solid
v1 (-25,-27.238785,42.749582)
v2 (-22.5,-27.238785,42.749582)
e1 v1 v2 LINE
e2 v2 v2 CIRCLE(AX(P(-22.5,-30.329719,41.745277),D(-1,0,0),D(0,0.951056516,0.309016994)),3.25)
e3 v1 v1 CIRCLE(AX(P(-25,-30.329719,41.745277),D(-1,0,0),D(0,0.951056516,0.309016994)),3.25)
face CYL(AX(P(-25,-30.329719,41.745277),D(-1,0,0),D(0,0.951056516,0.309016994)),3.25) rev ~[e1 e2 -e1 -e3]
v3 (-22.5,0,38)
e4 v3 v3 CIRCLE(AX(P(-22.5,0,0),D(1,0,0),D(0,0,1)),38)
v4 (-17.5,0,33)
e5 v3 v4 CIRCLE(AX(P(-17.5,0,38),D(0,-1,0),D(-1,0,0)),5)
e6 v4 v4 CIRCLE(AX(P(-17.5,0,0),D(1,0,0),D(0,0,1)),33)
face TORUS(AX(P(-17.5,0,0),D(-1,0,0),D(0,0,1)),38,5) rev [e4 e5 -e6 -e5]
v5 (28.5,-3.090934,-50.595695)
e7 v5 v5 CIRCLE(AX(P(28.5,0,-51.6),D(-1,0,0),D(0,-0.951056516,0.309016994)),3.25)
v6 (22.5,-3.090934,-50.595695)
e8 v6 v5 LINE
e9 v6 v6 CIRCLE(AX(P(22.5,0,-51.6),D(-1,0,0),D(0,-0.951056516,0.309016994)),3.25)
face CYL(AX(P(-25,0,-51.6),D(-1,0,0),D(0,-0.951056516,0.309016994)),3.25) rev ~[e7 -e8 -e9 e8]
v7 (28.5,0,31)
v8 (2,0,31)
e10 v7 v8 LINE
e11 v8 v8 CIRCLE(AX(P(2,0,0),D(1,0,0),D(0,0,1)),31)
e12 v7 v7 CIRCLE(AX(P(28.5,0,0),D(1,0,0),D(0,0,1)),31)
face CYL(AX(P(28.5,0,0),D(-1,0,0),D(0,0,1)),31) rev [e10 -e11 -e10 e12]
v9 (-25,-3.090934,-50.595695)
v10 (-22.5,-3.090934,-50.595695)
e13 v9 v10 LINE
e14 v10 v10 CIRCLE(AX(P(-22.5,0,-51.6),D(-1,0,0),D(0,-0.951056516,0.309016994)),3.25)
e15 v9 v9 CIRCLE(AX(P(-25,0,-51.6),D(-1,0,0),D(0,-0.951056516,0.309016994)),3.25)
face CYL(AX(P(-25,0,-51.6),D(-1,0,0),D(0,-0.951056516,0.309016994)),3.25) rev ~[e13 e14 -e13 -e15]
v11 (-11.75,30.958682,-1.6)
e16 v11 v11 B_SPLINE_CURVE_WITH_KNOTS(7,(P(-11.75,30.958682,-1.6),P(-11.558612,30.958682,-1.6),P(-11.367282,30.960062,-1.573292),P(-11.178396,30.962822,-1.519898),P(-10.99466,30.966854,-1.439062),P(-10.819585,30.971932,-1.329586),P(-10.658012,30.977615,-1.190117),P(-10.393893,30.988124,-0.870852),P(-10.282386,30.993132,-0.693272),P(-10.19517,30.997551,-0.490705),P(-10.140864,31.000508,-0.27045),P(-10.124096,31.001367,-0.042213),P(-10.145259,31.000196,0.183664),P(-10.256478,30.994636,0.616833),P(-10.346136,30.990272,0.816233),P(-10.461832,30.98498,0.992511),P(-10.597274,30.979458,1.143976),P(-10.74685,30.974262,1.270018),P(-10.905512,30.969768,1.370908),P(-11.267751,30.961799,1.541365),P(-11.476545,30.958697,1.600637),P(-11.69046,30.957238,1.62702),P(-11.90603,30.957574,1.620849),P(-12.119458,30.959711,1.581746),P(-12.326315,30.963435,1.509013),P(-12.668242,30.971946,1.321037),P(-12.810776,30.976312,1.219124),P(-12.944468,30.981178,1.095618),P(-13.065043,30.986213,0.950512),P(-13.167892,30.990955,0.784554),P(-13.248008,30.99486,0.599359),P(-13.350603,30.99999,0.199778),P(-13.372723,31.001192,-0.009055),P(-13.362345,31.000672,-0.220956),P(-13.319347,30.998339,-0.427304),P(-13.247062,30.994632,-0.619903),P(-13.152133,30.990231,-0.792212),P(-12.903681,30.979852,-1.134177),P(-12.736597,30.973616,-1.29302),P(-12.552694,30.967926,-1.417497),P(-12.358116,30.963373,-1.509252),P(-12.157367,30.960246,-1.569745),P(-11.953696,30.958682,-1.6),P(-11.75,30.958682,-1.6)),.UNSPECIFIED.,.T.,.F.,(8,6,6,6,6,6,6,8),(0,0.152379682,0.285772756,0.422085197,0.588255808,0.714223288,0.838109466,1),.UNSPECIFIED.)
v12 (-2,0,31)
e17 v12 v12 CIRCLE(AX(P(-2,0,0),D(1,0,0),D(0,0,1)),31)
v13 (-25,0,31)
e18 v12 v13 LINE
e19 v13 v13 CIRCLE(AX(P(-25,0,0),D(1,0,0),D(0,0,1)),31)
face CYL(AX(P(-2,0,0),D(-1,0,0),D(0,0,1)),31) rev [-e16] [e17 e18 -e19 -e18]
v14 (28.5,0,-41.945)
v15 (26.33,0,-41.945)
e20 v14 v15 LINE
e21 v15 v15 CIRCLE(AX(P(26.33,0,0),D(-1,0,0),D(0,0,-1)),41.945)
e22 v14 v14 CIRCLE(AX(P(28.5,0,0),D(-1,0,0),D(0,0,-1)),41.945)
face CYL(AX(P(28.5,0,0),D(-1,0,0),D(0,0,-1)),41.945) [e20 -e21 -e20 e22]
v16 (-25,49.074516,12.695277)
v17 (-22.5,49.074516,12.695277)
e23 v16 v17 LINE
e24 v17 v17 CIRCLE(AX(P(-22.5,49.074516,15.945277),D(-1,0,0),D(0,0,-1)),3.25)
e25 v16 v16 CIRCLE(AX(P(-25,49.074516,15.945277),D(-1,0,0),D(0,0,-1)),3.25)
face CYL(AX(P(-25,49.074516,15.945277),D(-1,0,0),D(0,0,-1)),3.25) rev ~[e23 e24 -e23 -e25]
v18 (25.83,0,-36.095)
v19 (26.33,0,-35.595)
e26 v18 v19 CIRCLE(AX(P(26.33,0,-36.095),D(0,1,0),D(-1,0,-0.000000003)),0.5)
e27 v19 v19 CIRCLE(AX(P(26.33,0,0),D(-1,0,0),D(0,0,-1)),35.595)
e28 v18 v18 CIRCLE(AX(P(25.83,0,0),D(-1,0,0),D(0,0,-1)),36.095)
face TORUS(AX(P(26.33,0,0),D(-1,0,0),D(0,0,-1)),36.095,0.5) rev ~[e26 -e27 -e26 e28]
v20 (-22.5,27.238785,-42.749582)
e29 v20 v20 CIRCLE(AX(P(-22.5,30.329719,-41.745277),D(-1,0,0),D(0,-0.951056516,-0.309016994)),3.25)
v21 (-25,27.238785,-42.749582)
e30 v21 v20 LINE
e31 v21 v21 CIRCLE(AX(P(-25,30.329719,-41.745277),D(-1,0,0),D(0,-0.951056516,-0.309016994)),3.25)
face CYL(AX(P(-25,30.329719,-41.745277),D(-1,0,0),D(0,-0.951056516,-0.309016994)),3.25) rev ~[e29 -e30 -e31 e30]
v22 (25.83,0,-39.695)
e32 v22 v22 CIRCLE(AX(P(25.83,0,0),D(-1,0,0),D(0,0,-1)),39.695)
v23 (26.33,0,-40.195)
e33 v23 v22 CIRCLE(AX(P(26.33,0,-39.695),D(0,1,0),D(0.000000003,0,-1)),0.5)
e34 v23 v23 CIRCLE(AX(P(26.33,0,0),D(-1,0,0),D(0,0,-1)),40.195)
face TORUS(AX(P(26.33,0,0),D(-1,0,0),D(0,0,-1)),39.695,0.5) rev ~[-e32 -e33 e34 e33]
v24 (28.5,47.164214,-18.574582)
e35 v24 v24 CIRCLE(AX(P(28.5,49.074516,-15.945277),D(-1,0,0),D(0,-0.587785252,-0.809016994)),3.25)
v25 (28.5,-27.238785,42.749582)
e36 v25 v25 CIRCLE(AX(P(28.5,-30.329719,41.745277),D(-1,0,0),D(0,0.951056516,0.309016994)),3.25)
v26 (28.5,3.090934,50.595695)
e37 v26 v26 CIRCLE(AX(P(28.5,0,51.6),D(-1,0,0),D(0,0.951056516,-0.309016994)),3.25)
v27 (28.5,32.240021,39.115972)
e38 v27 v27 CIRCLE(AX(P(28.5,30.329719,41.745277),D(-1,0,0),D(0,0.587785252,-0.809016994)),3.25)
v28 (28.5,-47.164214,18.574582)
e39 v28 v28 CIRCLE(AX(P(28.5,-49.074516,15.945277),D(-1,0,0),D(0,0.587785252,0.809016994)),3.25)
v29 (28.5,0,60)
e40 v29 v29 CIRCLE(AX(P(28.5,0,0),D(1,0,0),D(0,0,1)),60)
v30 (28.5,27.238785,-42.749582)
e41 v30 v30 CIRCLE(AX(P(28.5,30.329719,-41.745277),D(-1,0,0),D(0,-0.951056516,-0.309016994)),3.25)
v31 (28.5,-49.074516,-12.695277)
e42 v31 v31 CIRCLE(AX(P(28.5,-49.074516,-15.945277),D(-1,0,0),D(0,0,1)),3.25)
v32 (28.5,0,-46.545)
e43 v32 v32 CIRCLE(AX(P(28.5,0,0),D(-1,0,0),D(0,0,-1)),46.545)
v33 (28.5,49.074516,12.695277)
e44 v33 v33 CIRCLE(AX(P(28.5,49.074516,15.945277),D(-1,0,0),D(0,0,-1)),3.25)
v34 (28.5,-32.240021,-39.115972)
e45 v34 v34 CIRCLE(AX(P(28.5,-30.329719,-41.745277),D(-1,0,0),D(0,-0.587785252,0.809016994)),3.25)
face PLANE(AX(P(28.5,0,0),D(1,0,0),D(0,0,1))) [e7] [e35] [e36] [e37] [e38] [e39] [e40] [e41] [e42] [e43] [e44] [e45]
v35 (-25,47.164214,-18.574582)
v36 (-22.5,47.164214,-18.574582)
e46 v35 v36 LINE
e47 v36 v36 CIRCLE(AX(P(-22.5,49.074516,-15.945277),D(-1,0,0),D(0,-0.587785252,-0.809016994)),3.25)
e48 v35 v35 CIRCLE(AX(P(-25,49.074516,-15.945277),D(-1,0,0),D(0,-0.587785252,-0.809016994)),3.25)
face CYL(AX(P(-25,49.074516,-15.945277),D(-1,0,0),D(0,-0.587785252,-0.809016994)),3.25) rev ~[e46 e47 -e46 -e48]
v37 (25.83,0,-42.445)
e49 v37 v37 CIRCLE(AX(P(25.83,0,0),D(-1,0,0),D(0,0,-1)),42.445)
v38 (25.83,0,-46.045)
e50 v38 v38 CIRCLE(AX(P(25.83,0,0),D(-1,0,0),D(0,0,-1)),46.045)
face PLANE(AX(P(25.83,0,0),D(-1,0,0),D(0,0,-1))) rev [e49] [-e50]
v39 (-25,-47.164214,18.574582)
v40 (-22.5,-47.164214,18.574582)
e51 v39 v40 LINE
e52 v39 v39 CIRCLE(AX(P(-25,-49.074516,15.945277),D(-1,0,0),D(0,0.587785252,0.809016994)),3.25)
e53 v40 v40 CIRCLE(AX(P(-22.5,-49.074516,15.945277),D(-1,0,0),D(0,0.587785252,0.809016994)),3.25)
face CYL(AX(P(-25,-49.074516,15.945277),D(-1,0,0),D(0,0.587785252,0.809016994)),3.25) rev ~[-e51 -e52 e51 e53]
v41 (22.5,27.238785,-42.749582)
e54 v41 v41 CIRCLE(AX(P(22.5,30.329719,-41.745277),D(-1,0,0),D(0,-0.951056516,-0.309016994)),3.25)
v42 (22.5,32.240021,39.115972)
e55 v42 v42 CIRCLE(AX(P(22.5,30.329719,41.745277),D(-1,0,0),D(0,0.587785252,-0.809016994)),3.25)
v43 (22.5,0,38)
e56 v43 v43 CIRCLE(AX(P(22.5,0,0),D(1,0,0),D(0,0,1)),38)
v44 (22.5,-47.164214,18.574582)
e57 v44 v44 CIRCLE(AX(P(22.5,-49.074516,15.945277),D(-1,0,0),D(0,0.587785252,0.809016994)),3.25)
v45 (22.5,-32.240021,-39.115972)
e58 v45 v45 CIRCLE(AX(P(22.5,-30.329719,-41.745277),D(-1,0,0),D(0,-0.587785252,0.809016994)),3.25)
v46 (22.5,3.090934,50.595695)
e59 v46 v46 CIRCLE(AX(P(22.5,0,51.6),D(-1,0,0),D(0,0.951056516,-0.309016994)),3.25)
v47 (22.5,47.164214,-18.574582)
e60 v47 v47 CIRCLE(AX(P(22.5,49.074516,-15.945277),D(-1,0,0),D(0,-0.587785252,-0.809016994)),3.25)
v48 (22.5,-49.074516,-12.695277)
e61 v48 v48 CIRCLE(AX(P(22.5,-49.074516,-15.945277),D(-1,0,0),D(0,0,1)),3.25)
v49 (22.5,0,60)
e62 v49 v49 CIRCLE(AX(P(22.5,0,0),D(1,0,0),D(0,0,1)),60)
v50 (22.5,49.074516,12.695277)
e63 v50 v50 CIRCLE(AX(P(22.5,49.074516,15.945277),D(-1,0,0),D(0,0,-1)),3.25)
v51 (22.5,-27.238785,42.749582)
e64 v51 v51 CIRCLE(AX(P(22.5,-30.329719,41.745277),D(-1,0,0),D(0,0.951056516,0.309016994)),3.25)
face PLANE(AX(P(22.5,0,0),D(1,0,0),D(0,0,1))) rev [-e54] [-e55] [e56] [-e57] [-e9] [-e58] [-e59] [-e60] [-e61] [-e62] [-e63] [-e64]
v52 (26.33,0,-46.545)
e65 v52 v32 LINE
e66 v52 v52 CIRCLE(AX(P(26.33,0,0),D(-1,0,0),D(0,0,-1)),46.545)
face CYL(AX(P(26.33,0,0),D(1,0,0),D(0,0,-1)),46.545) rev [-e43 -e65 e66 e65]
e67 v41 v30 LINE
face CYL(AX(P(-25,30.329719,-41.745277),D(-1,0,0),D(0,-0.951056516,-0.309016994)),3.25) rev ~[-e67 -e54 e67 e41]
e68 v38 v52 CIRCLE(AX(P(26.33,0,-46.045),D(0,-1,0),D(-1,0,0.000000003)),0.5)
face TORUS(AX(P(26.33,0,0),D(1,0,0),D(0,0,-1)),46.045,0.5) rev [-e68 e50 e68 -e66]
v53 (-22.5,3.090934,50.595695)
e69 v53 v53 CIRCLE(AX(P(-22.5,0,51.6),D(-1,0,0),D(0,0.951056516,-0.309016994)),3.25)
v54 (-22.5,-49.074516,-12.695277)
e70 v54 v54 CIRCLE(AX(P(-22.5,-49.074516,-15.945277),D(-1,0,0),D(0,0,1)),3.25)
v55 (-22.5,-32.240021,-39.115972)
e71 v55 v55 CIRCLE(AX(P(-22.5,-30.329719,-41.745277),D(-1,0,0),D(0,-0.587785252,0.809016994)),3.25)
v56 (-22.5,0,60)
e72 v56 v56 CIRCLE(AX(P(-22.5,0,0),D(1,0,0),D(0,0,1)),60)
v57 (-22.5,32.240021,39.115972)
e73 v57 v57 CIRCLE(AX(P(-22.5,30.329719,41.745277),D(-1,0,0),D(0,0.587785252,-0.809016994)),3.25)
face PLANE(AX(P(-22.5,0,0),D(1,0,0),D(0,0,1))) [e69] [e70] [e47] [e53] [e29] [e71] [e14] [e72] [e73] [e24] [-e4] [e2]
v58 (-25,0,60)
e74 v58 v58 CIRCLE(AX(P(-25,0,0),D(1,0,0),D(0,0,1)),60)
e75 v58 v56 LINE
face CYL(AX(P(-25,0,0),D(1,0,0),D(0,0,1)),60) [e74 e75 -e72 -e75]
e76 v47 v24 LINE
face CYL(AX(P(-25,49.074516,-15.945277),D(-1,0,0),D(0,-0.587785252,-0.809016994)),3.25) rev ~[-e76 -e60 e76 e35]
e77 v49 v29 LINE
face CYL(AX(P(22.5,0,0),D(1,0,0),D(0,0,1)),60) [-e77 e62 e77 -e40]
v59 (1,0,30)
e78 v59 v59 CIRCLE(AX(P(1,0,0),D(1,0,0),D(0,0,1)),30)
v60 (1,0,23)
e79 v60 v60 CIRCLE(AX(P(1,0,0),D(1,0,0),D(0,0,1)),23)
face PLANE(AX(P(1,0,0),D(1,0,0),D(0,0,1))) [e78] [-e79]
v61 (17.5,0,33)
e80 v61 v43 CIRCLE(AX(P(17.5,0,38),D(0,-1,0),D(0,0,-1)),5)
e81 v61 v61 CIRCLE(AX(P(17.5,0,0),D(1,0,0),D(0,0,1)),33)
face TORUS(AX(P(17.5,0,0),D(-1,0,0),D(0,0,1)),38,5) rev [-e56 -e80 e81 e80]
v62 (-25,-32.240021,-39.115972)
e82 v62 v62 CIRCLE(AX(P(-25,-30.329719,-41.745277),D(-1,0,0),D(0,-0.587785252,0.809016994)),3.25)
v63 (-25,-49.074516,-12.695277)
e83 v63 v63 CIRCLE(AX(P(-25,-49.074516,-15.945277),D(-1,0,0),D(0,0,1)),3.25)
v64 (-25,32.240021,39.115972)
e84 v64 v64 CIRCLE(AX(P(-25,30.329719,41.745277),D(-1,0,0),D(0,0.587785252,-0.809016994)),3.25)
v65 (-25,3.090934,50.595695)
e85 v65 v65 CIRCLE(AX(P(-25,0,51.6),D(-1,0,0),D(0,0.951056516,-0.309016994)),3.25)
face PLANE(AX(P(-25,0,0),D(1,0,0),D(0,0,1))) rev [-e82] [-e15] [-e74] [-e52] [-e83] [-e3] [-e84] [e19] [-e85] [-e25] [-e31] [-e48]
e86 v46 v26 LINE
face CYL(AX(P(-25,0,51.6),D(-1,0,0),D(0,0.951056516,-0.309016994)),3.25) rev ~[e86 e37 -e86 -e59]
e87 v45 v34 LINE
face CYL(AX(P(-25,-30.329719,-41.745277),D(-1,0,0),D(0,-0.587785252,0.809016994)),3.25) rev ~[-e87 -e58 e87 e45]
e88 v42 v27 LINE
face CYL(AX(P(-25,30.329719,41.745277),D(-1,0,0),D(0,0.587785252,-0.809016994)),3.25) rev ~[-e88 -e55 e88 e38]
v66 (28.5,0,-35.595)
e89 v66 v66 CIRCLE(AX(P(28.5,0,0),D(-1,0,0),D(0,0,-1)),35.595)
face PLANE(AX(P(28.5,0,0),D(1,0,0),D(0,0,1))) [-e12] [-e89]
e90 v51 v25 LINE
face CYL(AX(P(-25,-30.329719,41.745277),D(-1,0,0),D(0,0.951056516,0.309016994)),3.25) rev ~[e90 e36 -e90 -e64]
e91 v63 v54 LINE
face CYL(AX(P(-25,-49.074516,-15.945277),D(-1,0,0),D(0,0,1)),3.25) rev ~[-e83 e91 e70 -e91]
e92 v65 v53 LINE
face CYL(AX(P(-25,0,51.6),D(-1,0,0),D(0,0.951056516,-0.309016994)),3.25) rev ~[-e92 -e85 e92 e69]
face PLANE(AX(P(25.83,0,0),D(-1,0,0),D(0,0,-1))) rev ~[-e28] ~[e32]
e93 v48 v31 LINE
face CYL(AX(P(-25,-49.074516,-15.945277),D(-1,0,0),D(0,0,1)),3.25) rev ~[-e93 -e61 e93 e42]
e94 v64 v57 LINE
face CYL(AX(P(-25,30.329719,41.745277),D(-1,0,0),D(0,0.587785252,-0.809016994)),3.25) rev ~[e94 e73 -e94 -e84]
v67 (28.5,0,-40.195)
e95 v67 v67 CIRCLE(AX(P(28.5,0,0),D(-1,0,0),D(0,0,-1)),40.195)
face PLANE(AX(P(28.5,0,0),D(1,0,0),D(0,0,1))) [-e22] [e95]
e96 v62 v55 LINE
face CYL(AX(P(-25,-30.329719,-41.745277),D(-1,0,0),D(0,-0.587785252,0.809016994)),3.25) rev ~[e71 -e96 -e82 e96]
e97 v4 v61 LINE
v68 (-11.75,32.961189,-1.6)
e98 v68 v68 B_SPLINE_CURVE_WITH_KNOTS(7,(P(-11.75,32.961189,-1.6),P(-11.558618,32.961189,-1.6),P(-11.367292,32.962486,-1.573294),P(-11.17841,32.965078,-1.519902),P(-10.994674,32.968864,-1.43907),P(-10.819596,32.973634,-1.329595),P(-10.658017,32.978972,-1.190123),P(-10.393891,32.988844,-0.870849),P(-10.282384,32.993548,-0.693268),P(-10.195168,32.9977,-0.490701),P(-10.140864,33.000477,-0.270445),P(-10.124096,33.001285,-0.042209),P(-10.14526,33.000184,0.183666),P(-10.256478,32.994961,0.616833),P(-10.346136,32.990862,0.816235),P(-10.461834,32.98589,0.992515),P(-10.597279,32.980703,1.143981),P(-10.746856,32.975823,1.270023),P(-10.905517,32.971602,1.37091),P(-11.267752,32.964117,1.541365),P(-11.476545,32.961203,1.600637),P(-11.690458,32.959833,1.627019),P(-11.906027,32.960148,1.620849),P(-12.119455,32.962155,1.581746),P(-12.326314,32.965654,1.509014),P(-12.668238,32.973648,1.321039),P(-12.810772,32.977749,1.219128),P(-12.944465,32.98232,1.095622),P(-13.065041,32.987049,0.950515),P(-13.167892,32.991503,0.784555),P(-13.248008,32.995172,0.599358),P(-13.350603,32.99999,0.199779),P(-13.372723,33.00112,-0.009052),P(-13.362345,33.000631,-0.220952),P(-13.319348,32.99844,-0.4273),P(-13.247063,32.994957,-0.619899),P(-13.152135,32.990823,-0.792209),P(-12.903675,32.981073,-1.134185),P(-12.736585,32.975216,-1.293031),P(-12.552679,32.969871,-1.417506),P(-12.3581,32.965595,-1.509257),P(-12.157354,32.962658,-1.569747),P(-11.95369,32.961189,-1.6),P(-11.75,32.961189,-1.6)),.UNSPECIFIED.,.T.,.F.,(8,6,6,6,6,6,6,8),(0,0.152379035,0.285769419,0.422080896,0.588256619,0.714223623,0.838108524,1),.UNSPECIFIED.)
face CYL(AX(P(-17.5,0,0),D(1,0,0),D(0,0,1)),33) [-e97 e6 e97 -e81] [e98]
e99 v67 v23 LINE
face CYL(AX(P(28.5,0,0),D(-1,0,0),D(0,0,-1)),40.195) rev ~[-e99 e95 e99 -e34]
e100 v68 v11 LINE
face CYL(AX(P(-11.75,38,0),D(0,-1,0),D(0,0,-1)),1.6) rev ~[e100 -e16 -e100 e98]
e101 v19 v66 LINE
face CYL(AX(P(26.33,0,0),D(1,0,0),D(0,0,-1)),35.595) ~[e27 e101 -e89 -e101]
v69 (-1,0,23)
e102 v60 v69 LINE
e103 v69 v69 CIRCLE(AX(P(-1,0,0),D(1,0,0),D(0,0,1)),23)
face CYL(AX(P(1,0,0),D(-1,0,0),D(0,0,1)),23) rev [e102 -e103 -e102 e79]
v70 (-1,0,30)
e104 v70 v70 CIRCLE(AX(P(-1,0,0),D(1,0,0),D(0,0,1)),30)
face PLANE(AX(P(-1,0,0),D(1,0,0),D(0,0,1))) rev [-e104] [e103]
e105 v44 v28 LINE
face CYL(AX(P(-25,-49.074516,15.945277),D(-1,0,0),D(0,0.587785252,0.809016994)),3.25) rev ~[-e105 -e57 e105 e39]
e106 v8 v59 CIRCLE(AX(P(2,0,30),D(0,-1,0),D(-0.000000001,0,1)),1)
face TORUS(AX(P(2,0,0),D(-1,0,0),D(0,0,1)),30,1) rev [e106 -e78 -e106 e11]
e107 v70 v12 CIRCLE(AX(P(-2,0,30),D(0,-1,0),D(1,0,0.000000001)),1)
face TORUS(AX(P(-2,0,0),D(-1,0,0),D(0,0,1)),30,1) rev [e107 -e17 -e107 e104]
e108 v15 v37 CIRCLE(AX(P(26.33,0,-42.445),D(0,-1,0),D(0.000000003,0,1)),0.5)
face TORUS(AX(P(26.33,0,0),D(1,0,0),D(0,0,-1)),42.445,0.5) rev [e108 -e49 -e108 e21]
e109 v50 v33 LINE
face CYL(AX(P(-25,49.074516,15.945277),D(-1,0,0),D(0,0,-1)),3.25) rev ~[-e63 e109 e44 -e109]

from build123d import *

# Parameters (mm, degrees)
SKETCH3_R                      = 3.25
CUT_EXTRUDE3_DEPTH             = 101.310767119
CIRPATTERN1_COUNT              = 10
F_3_2_3_2_DIAMETER_HOLE1_D     = 3.2
F_3_2_3_2_DIAMETER_HOLE1_DEPTH = 5
F_3_2_3_2_DIAMETER_HOLE1_TIP   = 0.96137699


with BuildPart() as part:
    # Sketch1 → Revolve9 (revolve)
    with BuildSketch(Plane.XY, mode=Mode.PRIVATE) as revolve9_sk:
        with BuildLine():
            Line((-1, -23), (-1, -30))
            ThreePointArc((-1, -30), (-1.292893219, -30.707106781), (-2, -31))
            Line((-2, -31), (-25, -31))
            Line((-25, -31), (-25, -60))
            Line((-25, -60), (-22.5, -60))
            Line((-22.5, -60), (-22.5, -38))
            ThreePointArc((-22.5, -38), (-21.035533906, -34.464466094), (-17.5, -33))
            Line((-17.5, -33), (17.5, -33))
            ThreePointArc((17.5, -33), (21.035533906, -34.464466094), (22.5, -38))
            Line((22.5, -38), (22.5, -60))
            Line((22.5, -60), (25, -60))
            Line((25, -60), (28.5, -60))
            Line((28.5, -60), (28.5, -31))
            Line((28.5, -31), (25, -31))
            Line((25, -31), (2, -31))
            ThreePointArc((2, -31), (1.292893219, -30.707106781), (1, -30))
            Line((1, -30), (1, -23))
            Line((1, -23), (-1, -23))
        make_face()
    revolve(revolve9_sk.sketch.rotate(Axis((-117.507853403, 0, 0), (1, 0, 0)), 270), axis=Axis((-117.507853403, 0, 0), (1, 0, 0)))

    # Sketch3 → Cut-Extrude3 (cut, through all)
    with BuildSketch(Plane.ZY.offset(25)):
        with Locations((-15.94527691, -49.074516241)):
            Circle(SKETCH3_R)
    cut_extrude3 = extrude(amount=-CUT_EXTRUDE3_DEPTH, mode=Mode.SUBTRACT)

    # CirPattern1: Cut-Extrude3 ×10 about axis
    cirpattern1_axis = Axis((0, 0, 0), (1, 0, 0))
    for i in range(1, CIRPATTERN1_COUNT):
        add(cut_extrude3.rotate(cirpattern1_axis, i * 360 / CIRPATTERN1_COUNT), mode=Mode.SUBTRACT)

    # Ø3.2 (3.2) Diameter Hole1
    with Locations(Plane(origin=(-11.75, 33, 0), x_dir=(0, 0, 1), z_dir=(0, 1, 0))):
        with Locations((0, 0)):
            Hole(F_3_2_3_2_DIAMETER_HOLE1_D / 2, depth=F_3_2_3_2_DIAMETER_HOLE1_DEPTH)
            with Locations((0, 0, -(F_3_2_3_2_DIAMETER_HOLE1_DEPTH + F_3_2_3_2_DIAMETER_HOLE1_TIP / 2))):  # 118° drill point
                Cone(0, F_3_2_3_2_DIAMETER_HOLE1_D / 2, F_3_2_3_2_DIAMETER_HOLE1_TIP, mode=Mode.SUBTRACT)

    # Sketch8 → Cut-Revolve1 (revolve, cut)
    with BuildSketch(Plane.XY, mode=Mode.PRIVATE) as cut_revolve1_sk:
        with BuildLine():
            Line((28.5, 40.195), (26.33, 40.195))
            ThreePointArc((26.33, 40.195), (25.976446609, 40.048553391), (25.83, 39.695))
            Line((25.83, 39.695), (25.83, 36.095))
            ThreePointArc((25.83, 36.095), (25.976446609, 35.741446609), (26.33, 35.595))
            Line((26.33, 35.595), (28.5, 35.595))
            Line((28.5, 35.595), (28.5, 40.195))
        make_face()
        with BuildLine():
            Line((28.5, 41.945), (26.33, 41.945))
            ThreePointArc((26.33, 41.945), (25.976446609, 42.091446609), (25.83, 42.445))
            Line((25.83, 42.445), (25.83, 46.045))
            ThreePointArc((25.83, 46.045), (25.976446609, 46.398553391), (26.33, 46.545))
            Line((26.33, 46.545), (28.5, 46.545))
            Line((28.5, 46.545), (28.5, 41.945))
        make_face()
    revolve(cut_revolve1_sk.sketch.rotate(Axis((28.5, 0, 0), (-1, 0, 0)), 90), axis=Axis((28.5, 0, 0), (-1, 0, 0)), mode=Mode.SUBTRACT)


solid = part.part
